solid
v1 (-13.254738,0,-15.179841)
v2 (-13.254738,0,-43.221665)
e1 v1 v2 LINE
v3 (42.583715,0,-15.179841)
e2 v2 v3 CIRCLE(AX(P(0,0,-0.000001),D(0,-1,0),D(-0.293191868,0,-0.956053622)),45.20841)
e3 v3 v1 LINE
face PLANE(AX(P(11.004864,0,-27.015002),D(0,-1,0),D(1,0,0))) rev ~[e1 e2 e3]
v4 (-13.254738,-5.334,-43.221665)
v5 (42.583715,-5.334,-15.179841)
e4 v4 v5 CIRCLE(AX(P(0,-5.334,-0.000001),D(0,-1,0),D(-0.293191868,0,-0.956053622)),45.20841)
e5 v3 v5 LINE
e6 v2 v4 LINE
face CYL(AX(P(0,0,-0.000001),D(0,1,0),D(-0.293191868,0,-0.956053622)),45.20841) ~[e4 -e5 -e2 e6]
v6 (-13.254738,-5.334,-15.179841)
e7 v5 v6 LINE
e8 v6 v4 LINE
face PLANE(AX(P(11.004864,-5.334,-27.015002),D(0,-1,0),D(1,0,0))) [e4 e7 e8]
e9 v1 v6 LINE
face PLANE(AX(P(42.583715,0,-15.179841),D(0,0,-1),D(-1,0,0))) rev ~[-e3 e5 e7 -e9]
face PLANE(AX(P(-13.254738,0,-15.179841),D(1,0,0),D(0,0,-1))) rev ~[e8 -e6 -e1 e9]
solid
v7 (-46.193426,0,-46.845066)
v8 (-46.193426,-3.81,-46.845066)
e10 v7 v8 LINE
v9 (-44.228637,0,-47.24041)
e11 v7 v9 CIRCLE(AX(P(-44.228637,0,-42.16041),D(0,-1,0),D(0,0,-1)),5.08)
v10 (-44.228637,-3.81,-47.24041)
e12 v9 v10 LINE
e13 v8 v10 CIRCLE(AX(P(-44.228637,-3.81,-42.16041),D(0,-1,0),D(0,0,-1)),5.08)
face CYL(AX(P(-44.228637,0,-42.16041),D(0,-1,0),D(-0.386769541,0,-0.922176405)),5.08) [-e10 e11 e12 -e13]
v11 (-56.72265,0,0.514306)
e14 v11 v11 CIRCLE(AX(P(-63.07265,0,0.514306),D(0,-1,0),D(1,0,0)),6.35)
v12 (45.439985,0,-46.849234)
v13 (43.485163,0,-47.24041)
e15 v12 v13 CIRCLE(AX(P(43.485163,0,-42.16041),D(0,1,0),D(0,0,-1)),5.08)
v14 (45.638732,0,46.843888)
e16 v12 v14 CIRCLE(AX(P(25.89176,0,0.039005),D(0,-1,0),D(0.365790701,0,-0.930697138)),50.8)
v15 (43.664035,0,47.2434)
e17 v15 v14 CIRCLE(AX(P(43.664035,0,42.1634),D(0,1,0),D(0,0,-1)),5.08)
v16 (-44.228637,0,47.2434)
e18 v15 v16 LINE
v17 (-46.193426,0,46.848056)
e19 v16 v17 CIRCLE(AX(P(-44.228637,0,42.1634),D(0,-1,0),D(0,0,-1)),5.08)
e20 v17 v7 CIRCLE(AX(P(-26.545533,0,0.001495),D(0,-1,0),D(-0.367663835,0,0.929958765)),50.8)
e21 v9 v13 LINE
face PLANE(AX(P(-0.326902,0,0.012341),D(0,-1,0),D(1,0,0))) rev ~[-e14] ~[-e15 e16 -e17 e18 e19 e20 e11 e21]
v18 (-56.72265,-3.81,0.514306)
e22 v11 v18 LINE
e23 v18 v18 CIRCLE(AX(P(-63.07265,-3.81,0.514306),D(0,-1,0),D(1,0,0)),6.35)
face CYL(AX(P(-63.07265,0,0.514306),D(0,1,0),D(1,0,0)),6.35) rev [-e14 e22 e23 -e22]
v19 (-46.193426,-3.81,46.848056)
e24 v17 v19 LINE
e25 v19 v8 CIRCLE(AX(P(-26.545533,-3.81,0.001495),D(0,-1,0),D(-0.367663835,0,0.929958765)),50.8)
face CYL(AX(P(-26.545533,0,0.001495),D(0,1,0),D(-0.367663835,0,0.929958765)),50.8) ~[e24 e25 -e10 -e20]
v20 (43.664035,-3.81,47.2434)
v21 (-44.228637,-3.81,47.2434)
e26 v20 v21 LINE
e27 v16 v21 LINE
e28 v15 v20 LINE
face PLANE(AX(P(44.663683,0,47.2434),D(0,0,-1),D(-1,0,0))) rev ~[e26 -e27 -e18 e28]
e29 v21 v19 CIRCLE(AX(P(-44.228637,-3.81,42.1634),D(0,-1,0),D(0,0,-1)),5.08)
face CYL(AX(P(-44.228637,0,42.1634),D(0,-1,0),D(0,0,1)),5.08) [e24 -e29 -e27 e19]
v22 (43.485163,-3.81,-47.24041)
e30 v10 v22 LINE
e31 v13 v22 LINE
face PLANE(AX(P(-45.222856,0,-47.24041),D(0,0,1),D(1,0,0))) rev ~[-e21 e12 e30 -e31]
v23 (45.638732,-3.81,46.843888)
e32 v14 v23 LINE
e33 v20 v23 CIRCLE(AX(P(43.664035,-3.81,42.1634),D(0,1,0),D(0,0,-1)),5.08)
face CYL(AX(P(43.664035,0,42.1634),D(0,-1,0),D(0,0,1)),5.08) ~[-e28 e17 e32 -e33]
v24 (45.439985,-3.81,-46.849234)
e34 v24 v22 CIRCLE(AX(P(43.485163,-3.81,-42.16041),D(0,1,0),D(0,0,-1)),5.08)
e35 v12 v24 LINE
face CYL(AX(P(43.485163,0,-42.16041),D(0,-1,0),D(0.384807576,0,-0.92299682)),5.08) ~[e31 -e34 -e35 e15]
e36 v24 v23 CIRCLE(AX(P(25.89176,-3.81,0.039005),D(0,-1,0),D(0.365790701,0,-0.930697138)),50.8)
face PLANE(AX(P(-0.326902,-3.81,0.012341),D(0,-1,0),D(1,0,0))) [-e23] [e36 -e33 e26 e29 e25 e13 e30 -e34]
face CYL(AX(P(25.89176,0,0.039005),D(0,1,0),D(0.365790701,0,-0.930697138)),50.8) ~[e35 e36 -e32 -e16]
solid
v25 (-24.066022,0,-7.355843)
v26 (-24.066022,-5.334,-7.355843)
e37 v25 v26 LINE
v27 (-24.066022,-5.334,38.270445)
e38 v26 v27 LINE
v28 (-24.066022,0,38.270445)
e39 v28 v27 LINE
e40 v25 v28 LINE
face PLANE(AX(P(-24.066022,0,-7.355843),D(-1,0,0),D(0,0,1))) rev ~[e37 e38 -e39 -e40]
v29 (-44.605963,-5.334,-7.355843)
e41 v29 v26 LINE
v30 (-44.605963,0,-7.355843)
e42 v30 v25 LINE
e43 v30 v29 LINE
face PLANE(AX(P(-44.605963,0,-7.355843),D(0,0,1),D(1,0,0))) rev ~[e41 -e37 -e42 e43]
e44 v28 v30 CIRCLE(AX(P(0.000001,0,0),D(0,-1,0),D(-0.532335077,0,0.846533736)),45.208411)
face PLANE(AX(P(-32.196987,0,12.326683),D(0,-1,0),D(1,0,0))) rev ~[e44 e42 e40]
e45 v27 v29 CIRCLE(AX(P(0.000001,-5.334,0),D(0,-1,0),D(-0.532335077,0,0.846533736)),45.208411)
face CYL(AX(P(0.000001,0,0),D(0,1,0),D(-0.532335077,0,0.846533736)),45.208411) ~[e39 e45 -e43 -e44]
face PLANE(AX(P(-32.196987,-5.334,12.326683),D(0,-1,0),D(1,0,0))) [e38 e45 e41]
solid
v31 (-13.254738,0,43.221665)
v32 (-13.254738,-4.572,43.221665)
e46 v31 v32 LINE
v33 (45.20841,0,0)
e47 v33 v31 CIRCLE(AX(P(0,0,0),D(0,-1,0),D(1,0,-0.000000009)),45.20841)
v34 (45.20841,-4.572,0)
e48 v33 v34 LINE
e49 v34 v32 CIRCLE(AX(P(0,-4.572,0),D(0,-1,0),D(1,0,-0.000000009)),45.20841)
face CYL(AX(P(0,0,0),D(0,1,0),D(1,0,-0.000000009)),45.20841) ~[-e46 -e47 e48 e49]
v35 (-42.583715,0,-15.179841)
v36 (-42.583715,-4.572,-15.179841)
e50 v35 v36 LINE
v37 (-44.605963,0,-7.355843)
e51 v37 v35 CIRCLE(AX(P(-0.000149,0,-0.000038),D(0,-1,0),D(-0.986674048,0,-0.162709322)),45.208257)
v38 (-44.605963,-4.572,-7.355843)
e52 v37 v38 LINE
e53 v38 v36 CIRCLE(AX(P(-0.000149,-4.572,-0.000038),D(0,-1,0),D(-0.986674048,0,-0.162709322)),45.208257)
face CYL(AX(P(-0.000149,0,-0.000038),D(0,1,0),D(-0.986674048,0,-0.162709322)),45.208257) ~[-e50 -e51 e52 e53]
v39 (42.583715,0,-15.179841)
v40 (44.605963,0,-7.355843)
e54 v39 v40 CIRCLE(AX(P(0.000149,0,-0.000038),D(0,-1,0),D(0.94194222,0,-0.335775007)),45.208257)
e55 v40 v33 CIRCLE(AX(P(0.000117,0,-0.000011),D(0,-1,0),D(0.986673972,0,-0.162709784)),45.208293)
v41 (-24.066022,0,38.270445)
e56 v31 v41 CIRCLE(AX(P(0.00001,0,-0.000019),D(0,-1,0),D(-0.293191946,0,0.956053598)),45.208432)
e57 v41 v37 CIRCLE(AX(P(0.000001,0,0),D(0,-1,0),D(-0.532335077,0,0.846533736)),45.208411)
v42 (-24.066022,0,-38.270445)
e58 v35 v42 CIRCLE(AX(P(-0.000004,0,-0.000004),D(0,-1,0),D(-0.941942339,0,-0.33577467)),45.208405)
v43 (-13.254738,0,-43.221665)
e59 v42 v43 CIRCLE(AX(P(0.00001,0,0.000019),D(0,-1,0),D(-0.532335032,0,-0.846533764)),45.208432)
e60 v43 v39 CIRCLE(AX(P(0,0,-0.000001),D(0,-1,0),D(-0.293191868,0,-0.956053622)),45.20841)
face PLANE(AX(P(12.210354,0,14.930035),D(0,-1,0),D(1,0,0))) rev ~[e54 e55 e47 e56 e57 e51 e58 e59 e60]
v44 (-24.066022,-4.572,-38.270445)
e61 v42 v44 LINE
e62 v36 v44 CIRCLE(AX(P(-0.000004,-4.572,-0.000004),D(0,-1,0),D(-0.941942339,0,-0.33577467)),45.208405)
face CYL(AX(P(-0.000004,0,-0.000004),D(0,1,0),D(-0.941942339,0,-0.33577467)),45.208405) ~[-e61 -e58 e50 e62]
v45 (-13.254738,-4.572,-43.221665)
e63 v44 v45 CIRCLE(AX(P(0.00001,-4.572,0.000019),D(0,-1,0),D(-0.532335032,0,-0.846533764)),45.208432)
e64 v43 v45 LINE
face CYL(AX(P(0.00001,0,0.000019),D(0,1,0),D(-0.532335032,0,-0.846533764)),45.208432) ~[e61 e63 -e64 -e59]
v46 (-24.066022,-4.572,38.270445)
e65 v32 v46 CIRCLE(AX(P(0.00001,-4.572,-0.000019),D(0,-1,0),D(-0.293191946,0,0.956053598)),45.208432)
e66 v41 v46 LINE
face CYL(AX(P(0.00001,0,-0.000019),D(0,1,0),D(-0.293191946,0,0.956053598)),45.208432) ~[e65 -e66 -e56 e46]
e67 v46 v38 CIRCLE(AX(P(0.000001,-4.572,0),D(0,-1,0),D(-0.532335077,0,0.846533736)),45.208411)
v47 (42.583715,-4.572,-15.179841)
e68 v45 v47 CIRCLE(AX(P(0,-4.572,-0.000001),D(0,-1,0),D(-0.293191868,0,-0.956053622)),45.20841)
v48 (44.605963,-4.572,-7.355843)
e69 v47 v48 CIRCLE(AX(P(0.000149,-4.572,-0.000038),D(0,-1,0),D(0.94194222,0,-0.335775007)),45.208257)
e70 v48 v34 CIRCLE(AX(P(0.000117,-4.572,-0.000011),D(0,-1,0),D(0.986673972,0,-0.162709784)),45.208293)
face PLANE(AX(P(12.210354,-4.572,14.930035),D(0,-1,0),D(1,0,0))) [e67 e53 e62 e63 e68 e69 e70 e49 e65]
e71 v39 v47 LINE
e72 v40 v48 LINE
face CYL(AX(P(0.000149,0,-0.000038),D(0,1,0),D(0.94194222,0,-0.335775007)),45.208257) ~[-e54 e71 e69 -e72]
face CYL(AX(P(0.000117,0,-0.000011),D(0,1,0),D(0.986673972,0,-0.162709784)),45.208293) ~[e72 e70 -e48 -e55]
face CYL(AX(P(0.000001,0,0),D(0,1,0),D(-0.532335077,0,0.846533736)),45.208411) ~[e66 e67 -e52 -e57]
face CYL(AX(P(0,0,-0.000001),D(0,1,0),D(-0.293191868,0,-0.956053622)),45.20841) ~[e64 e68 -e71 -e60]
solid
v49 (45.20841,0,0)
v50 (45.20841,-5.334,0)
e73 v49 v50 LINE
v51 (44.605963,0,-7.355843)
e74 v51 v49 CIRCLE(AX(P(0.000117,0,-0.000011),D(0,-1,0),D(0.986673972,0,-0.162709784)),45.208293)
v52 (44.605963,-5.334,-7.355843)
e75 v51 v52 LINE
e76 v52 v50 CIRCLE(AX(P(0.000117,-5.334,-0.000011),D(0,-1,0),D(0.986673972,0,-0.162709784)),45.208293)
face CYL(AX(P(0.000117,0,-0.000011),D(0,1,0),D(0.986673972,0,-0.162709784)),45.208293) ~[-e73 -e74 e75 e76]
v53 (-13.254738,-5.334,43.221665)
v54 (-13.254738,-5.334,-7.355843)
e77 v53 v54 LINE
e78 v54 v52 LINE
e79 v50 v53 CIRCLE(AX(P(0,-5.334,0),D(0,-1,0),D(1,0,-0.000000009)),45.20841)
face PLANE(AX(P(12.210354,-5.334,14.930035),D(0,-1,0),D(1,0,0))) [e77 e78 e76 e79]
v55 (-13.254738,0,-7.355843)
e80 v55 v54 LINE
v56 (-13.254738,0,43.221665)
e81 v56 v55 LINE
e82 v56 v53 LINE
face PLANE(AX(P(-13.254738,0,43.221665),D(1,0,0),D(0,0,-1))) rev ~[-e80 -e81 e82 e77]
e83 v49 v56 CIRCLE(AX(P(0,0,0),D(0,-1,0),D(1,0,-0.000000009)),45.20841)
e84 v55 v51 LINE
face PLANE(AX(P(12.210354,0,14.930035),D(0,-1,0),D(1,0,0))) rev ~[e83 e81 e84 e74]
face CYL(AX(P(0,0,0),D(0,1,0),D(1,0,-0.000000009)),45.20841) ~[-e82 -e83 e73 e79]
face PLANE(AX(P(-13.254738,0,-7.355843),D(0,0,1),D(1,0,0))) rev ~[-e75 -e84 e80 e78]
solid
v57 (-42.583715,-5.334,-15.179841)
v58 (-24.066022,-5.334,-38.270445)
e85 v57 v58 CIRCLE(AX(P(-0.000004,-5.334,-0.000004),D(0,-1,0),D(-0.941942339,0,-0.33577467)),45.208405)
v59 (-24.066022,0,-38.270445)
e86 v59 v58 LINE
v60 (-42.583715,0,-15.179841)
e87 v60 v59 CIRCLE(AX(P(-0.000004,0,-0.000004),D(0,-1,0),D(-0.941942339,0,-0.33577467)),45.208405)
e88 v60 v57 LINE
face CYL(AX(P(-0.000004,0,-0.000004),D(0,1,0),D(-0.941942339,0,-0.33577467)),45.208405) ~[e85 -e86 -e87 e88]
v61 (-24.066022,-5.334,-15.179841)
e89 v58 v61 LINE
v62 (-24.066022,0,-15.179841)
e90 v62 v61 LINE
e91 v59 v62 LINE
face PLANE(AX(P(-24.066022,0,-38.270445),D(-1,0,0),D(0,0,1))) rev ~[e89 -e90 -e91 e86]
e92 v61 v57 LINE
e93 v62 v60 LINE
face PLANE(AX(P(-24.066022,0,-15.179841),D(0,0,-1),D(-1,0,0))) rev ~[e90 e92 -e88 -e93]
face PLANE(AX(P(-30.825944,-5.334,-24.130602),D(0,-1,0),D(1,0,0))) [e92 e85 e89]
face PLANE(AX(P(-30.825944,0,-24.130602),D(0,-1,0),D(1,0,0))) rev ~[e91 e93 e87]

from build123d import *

# Parameters (mm, degrees)
F1_DEPTH = 5.334
F3_DEPTH = 4.572
F2_R     = 6.35
F4_DEPTH = 3.81
F5_R     = 5.08


with BuildPart() as f1:
    # F0 (on Front) → F1 (new body)
    with BuildSketch(Plane.XZ):
        with BuildLine():
            Line((-24.066022, -15.179841), (-42.583715, -15.179841))
            ThreePointArc((-42.583715, -15.179841), (-35.268128, -28.283556), (-24.066022, -38.270445))
            Line((-24.066022, -38.270445), (-24.066022, -15.179841))
        make_face()
        with BuildLine():
            ThreePointArc((-13.254738, -43.221665), (20.288746, -40.400089), (42.583715, -15.179841))
            Line((42.583715, -15.179841), (-13.254738, -15.179841))
            Line((-13.254738, -15.179841), (-13.254738, -43.221665))
        make_face()
        with BuildLine():
            ThreePointArc((44.605963, -7.355843), (45.057547, -3.690236), (45.20841, 0))
            ThreePointArc((45.20841, 0), (26.875405, 36.35262), (-13.254738, 43.221665))
            Line((-13.254738, 43.221665), (-13.254738, -7.355843))
            Line((-13.254738, -7.355843), (44.605963, -7.355843))
        make_face()
        with BuildLine():
            Line((-24.066022, -7.355843), (-24.066022, 38.270445))
            ThreePointArc((-24.066022, 38.270445), (-41.223778, 18.55803), (-44.605963, -7.355843))
            Line((-44.605963, -7.355843), (-24.066022, -7.355843))
        make_face()
    extrude(amount=F1_DEPTH)


with BuildPart() as f3:
    # F0 (on Front) → F3 (new body)
    with BuildSketch(Plane.XZ):
        with BuildLine():
            ThreePointArc((44.605963, -7.355843), (45.057547, -3.690236), (45.20841, 0))
            ThreePointArc((45.20841, 0), (26.875405, 36.35262), (-13.254738, 43.221665))
            Line((-13.254738, 43.221665), (-13.254738, -7.355843))
            Line((-13.254738, -7.355843), (44.605963, -7.355843))
        make_face()
        with BuildLine():
            Line((-13.254738, -7.355843), (-13.254738, 43.221665))
            ThreePointArc((-13.254738, 43.221665), (-18.823879, 41.103065), (-24.066022, 38.270445))
            Line((-24.066022, 38.270445), (-24.066022, -7.355843))
            Line((-24.066022, -7.355843), (-44.605963, -7.355843))
            ThreePointArc((-44.605963, -7.355843), (-43.77001, -11.313118), (-42.583715, -15.179841))
            Line((-42.583715, -15.179841), (-24.066022, -15.179841))
            Line((-24.066022, -15.179841), (-24.066022, -38.270445))
            ThreePointArc((-24.066022, -38.270445), (-18.823879, -41.103065), (-13.254738, -43.221665))
            Line((-13.254738, -43.221665), (-13.254738, -15.179841))
            Line((-13.254738, -15.179841), (42.583715, -15.179841))
            ThreePointArc((42.583715, -15.179841), (43.77001, -11.313118), (44.605963, -7.355843))
            Line((44.605963, -7.355843), (-13.254738, -7.355843))
        make_face()
        with BuildLine():
            Line((-24.066022, -7.355843), (-24.066022, 38.270445))
            ThreePointArc((-24.066022, 38.270445), (-41.223778, 18.55803), (-44.605963, -7.355843))
            Line((-44.605963, -7.355843), (-24.066022, -7.355843))
        make_face()
        with BuildLine():
            ThreePointArc((-13.254738, -43.221665), (20.288746, -40.400089), (42.583715, -15.179841))
            Line((42.583715, -15.179841), (-13.254738, -15.179841))
            Line((-13.254738, -15.179841), (-13.254738, -43.221665))
        make_face()
        with BuildLine():
            Line((-24.066022, -15.179841), (-42.583715, -15.179841))
            ThreePointArc((-42.583715, -15.179841), (-35.268128, -28.283556), (-24.066022, -38.270445))
            Line((-24.066022, -38.270445), (-24.066022, -15.179841))
        make_face()
    extrude(amount=F3_DEPTH)


with BuildPart() as f4:
    # F2 (on Front) → F4 (new body)
    with BuildSketch(Plane.XZ):
        with BuildLine():
            Line((44.663683, 47.2434), (-45.222856, 47.2434))
            ThreePointArc((-45.222856, 47.2434), (-77.345533, 0.001495), (-45.222856, -47.24041))
            Line((-45.222856, -47.24041), (44.473928, -47.24041))
            ThreePointArc((44.473928, -47.24041), (76.691658, -0.063019), (44.663683, 47.2434))
        make_face()
        with Locations((-63.07265, 0.514306)):
            Circle(F2_R, mode=Mode.SUBTRACT)
    extrude(amount=F4_DEPTH)

    # F5
    f5_edges = [f4.edges().sort_by_distance(p)[0] for p in [
        (-45.222856, -1.905, 47.2434),
        (-45.222856, -1.905, -47.24041),
        (44.473928, -1.905, -47.24041),
        (44.663683, -1.905, 47.2434),
    ]]
    fillet(f5_edges, radius=F5_R)


solid = Compound([f1.part, f3.part, f4.part])
